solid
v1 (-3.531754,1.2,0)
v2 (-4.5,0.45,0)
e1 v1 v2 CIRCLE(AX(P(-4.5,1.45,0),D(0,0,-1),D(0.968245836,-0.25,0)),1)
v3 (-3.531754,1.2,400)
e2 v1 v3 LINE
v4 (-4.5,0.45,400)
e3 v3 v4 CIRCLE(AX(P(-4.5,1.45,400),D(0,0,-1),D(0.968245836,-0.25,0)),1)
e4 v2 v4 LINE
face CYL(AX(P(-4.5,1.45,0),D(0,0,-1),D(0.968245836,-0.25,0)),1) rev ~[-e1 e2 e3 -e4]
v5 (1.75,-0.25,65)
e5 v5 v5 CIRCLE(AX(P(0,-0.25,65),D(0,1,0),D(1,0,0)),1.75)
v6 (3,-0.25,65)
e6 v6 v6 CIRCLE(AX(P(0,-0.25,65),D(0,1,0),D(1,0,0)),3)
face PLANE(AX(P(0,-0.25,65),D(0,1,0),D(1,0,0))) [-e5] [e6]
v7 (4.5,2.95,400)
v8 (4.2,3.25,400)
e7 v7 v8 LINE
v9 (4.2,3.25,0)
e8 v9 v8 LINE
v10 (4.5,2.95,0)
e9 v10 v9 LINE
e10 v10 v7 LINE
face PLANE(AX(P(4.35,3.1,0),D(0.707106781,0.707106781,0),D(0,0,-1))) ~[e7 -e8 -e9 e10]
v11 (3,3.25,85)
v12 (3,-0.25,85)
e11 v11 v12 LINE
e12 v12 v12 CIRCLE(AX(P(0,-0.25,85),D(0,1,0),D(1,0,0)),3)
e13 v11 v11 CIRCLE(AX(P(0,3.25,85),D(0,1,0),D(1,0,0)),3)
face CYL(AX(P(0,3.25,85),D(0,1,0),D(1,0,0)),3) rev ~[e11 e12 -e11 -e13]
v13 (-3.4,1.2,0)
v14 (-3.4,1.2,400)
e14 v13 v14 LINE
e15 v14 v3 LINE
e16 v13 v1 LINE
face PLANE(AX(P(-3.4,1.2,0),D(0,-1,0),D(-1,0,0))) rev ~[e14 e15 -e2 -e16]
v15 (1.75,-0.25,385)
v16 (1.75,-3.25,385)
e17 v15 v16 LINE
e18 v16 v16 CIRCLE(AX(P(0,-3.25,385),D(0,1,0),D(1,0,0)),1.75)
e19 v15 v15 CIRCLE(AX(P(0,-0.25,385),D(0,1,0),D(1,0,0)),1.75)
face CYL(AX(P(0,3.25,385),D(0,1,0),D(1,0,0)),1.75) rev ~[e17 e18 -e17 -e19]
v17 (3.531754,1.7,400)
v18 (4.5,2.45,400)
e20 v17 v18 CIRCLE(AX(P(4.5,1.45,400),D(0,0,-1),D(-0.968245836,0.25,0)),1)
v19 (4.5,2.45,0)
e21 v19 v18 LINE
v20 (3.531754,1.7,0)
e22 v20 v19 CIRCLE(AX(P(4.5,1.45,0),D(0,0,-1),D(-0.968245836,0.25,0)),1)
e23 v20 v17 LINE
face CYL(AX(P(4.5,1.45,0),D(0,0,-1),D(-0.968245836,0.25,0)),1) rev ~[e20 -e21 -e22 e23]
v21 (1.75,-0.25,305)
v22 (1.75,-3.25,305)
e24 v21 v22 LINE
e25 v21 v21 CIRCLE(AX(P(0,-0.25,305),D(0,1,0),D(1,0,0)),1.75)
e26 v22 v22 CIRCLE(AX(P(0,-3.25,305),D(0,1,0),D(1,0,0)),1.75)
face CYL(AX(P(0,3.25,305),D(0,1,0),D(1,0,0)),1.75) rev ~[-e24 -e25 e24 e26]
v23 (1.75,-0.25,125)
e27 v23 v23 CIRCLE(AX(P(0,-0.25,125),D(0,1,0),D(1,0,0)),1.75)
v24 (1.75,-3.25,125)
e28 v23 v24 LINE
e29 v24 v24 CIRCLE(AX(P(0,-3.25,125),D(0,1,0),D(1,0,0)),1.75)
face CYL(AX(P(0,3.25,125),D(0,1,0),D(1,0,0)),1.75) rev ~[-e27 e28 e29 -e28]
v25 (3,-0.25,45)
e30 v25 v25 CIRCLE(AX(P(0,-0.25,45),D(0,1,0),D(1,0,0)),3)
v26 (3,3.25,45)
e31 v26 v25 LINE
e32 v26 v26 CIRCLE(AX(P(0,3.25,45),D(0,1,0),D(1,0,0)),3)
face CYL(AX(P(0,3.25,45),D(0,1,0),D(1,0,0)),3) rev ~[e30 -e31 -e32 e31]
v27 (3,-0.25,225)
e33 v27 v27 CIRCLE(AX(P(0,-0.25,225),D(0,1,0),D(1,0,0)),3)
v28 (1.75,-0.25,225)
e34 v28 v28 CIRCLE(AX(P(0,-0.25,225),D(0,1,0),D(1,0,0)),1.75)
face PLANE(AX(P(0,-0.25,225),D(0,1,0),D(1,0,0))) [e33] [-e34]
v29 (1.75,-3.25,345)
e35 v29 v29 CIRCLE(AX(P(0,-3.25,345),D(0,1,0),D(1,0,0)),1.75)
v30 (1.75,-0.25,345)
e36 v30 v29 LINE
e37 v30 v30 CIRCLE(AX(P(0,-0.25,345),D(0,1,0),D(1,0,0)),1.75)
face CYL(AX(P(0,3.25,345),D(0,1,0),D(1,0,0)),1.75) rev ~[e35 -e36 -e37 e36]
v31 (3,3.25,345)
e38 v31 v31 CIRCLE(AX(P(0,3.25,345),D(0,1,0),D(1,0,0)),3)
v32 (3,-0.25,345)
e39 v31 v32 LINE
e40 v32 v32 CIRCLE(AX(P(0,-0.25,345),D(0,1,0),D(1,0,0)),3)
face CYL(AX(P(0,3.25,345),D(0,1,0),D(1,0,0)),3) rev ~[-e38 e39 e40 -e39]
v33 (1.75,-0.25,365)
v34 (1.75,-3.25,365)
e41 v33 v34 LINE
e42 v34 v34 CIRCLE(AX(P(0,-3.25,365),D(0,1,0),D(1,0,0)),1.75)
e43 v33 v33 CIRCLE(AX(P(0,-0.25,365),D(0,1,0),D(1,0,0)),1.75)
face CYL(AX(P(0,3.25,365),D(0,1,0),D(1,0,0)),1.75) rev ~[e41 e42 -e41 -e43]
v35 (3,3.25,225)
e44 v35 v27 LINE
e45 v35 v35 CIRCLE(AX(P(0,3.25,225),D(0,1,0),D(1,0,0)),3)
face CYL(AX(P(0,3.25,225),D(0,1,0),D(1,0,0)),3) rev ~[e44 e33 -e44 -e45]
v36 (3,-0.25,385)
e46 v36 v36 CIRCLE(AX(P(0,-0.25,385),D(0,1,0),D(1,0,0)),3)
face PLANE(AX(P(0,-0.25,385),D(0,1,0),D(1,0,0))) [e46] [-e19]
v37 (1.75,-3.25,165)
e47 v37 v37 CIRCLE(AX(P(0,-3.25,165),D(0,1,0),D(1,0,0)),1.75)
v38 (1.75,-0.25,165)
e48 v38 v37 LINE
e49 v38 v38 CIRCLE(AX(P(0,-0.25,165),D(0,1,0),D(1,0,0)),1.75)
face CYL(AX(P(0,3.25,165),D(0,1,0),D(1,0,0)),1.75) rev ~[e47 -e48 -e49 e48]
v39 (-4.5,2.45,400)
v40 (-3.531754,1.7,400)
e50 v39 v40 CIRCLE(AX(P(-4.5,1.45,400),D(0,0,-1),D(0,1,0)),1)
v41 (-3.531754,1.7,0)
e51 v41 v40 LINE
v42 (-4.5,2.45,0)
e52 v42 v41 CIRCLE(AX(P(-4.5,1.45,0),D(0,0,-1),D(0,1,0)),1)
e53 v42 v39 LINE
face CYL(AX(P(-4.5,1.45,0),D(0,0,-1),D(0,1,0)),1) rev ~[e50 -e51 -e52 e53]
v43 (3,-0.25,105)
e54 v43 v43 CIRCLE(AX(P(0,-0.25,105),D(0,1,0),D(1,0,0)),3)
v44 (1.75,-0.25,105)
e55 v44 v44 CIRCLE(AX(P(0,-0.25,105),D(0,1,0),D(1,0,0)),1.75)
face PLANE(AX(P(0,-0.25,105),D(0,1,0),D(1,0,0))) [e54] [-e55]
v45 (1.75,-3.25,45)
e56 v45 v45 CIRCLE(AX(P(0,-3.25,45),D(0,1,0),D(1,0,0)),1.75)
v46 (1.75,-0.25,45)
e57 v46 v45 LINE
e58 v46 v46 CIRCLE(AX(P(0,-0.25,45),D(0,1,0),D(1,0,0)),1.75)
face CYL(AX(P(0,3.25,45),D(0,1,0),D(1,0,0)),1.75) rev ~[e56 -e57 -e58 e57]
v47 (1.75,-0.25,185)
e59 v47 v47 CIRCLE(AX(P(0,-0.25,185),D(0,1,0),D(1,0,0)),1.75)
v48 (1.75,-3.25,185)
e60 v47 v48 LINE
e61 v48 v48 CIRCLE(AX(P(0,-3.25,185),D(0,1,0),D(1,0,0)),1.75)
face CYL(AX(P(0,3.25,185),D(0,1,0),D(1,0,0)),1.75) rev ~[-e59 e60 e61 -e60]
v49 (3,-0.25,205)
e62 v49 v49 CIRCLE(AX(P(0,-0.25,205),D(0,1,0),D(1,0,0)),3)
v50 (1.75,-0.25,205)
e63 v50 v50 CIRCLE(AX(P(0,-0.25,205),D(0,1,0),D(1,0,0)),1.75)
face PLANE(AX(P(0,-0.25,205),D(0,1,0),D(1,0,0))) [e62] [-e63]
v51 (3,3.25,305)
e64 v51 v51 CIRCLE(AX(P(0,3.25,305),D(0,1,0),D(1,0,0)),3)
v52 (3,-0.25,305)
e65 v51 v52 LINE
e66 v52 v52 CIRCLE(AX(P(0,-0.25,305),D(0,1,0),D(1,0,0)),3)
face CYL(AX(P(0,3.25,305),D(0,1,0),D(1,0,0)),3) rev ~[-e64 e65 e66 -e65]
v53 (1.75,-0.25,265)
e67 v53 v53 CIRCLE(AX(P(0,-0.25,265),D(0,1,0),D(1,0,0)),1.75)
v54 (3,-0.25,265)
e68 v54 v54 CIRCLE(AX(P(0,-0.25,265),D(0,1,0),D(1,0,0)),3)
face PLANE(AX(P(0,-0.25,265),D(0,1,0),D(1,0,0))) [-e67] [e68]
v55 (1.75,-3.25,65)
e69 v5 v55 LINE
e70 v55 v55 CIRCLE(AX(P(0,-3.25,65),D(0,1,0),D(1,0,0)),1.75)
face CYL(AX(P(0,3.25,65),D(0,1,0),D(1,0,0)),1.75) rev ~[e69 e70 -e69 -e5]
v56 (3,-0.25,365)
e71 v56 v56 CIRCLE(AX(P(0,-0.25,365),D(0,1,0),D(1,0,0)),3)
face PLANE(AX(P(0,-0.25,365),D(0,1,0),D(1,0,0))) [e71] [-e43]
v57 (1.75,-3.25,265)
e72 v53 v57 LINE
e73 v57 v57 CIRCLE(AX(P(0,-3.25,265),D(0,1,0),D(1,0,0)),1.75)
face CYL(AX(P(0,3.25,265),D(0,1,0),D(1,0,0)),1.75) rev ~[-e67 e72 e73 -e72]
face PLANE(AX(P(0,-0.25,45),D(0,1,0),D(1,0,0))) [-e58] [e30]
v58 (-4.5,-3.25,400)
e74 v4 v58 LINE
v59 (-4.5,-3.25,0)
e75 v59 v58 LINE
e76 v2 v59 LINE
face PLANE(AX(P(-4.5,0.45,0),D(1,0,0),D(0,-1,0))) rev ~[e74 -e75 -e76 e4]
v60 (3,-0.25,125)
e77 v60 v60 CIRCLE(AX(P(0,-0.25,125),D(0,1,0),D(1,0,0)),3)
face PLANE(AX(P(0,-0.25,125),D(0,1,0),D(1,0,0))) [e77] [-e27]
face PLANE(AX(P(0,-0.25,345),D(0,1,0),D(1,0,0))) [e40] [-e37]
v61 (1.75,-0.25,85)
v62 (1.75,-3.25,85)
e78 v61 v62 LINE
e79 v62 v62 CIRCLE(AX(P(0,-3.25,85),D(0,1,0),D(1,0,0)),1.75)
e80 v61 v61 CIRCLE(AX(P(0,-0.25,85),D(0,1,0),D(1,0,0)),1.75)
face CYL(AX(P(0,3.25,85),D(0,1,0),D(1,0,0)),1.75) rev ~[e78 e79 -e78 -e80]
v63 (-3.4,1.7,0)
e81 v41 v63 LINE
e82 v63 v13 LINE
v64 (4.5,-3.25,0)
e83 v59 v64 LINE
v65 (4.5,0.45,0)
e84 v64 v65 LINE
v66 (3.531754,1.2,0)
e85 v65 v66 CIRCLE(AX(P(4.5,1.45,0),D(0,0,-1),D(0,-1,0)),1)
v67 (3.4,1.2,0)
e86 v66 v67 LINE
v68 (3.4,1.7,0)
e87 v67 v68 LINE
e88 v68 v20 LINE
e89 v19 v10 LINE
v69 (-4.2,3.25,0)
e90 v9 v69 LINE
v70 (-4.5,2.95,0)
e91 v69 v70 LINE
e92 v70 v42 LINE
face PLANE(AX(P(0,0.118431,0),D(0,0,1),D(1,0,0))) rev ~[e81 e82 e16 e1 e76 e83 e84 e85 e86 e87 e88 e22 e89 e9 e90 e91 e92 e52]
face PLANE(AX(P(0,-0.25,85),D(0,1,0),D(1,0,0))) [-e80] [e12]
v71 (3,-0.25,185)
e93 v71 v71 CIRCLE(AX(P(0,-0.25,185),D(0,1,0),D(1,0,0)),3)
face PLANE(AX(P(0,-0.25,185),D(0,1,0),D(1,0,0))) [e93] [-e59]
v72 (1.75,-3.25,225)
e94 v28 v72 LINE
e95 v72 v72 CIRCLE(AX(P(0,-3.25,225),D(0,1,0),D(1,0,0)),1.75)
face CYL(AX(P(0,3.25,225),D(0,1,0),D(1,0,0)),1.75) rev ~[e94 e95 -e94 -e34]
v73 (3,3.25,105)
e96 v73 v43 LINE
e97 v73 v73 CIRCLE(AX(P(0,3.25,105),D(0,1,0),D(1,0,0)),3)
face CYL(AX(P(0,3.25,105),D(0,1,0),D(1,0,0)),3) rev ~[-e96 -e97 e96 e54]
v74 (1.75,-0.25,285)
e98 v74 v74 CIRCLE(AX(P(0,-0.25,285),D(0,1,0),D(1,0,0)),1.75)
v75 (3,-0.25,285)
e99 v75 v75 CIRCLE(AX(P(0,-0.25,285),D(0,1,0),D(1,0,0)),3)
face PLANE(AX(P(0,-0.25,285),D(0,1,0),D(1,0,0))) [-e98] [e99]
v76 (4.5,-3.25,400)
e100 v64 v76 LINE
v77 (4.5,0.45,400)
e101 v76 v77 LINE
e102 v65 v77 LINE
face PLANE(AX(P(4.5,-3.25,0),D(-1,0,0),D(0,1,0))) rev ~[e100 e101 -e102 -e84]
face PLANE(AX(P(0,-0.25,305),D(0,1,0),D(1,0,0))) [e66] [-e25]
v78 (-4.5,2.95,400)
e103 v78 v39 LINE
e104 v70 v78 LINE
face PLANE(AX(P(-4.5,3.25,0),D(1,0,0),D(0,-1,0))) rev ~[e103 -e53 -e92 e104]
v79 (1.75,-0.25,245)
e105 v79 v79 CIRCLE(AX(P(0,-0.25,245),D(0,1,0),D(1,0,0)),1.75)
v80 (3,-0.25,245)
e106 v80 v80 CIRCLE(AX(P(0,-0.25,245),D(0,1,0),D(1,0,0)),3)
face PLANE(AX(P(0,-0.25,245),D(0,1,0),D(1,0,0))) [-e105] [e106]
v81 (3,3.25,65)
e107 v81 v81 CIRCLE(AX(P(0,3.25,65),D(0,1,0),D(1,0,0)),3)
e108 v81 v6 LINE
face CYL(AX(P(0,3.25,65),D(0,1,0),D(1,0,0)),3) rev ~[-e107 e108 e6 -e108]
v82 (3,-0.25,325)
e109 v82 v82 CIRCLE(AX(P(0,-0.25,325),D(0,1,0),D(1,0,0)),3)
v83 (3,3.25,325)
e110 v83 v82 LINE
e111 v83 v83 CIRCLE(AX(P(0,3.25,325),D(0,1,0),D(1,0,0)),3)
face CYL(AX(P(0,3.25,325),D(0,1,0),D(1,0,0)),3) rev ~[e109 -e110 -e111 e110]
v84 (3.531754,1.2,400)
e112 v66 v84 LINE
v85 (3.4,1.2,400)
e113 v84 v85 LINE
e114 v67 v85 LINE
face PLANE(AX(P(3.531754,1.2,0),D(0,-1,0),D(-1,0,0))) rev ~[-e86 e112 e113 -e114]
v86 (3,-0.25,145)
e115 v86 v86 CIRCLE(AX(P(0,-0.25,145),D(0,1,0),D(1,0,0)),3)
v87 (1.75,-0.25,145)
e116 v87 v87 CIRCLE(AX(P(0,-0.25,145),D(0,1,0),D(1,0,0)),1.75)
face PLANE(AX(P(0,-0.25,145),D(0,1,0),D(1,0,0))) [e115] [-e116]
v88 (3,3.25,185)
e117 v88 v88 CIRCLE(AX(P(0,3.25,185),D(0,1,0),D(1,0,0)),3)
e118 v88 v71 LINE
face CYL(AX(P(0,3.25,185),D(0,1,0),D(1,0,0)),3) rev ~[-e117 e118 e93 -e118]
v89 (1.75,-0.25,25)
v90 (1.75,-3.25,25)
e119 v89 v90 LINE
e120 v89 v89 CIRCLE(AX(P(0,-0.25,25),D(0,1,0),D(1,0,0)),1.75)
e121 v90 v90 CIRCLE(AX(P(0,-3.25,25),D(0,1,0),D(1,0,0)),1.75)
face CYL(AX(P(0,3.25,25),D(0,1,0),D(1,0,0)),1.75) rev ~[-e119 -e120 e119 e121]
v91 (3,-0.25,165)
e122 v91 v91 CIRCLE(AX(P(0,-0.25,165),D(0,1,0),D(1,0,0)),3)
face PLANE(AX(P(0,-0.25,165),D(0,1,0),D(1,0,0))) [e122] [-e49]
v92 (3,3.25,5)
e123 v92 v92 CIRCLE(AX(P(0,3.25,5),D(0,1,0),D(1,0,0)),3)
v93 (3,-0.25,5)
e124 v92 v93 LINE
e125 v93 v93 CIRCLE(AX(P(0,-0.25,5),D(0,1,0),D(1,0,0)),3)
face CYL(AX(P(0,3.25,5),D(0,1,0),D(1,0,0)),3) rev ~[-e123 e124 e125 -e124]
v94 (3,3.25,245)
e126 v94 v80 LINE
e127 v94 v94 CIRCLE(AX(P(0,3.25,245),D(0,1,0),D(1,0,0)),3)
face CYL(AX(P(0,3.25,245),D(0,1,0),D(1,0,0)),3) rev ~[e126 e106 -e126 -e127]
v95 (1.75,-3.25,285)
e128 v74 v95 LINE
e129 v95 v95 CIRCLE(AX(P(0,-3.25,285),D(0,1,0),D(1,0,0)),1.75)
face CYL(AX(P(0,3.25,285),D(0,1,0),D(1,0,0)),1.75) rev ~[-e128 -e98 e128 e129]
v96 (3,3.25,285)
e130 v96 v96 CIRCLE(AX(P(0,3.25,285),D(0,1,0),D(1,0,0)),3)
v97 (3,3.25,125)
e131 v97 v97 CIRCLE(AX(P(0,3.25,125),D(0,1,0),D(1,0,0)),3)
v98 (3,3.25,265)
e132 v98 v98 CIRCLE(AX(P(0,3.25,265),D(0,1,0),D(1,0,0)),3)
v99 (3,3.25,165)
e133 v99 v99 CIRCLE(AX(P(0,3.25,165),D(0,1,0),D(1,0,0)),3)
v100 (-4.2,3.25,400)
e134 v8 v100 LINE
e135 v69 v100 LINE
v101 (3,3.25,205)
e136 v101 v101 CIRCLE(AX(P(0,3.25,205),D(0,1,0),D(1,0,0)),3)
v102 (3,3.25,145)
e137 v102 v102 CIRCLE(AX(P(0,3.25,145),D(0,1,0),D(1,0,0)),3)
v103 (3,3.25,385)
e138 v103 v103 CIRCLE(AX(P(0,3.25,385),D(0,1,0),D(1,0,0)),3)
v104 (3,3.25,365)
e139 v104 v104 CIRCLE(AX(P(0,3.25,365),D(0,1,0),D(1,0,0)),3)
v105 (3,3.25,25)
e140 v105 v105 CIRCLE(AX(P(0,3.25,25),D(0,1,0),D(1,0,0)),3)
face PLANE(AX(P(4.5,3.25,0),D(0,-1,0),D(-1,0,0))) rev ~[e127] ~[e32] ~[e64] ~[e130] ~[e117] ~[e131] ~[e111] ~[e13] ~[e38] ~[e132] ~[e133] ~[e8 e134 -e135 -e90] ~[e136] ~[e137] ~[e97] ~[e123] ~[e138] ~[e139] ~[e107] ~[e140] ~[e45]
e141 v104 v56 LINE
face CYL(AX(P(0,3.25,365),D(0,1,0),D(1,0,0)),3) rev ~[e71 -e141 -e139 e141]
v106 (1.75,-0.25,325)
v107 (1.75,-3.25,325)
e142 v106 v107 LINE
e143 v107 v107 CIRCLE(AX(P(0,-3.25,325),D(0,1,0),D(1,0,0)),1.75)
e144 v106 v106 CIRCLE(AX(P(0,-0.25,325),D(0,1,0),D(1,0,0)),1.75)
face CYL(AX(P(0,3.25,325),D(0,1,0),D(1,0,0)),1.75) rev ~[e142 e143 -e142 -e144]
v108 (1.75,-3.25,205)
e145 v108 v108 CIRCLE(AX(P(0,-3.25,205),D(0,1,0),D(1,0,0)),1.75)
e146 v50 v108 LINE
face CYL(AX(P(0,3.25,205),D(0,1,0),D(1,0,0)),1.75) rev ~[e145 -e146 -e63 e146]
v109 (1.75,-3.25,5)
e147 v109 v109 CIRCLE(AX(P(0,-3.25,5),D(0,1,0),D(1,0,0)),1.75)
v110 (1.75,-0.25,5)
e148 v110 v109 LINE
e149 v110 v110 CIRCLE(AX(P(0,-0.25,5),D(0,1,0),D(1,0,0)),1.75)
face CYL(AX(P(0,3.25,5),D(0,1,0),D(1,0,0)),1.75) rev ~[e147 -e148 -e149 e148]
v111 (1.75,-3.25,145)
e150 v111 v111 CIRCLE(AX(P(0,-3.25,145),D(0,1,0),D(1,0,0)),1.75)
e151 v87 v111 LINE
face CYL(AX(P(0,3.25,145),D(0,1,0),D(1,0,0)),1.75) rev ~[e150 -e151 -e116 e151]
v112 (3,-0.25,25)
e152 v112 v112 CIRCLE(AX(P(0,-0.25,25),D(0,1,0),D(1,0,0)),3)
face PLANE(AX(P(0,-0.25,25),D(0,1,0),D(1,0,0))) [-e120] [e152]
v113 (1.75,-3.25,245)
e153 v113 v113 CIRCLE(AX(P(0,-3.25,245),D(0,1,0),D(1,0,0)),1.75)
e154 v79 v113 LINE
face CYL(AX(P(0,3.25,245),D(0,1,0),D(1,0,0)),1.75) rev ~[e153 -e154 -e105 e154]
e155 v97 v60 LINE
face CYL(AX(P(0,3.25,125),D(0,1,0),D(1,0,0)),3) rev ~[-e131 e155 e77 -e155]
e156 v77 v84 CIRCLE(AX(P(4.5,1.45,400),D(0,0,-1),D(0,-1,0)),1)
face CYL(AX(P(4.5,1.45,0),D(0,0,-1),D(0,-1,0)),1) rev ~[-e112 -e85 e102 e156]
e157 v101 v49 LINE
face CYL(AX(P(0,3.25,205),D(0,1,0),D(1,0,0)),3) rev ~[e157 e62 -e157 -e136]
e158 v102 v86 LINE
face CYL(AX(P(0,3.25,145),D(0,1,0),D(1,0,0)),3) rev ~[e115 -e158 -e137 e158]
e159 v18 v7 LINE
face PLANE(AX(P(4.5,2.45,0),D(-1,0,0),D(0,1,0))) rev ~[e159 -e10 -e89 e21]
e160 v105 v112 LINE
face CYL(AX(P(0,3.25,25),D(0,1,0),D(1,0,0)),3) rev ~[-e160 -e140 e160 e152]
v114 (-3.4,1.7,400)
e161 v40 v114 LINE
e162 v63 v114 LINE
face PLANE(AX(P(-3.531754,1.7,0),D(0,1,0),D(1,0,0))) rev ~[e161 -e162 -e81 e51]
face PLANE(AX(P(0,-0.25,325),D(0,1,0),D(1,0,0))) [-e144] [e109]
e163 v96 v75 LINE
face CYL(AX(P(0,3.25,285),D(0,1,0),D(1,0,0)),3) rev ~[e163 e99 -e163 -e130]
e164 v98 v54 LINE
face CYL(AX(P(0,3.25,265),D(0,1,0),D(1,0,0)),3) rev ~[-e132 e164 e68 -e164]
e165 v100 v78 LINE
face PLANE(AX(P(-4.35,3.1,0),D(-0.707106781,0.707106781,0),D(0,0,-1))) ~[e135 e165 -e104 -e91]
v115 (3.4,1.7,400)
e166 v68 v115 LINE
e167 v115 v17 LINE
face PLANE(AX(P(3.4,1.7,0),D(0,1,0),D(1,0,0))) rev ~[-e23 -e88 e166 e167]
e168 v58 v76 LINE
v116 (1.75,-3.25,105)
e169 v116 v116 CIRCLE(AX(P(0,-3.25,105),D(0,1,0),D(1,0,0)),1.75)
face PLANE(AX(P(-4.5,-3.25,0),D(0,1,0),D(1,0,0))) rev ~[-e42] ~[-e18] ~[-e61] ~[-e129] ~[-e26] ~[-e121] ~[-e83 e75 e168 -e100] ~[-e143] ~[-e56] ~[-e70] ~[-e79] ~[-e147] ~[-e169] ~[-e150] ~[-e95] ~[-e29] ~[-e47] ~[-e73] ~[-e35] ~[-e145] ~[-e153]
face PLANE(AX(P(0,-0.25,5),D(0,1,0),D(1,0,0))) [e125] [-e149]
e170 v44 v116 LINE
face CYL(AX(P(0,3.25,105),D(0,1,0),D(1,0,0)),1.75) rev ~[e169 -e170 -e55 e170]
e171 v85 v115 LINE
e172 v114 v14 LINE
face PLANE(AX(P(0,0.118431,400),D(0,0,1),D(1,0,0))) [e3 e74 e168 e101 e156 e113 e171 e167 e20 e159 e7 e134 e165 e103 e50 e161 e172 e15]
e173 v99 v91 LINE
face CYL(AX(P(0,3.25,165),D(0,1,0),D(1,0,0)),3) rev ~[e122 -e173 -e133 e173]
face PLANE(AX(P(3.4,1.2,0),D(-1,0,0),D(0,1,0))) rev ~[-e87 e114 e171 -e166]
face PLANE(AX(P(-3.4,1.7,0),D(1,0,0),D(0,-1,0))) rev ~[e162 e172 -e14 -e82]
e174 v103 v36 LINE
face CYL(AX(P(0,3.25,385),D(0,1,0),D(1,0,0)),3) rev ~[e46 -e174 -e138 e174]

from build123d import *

# Parameters (mm, degrees)
EXTRUDE1_DEPTH  = 400
SKETCH2_R       = 3
EXTRUDE2_DEPTH  = 3.5
SKETCH_R        = 1.75
EXTRUDE3_DEPTH  = 7.5
LPATTERN1_COUNT = 40
LPATTERN1_PITCH = 20
CHAMFER1_SIZE   = 0.3


with BuildPart() as part:
    # Sketch1 → Extrude1 (new body)
    with BuildSketch(Plane.XY):
        with BuildLine():
            Line((-4.5, -3.25), (4.5, -3.25))
            Line((4.5, -3.25), (4.5, 0.45))
            ThreePointArc((4.5, 0.45), (3.887627564, 0.659430585), (3.531754163, 1.2))
            Line((3.531754163, 1.2), (3.4, 1.2))
            Line((3.4, 1.2), (3.4, 1.7))
            Line((3.4, 1.7), (3.531754163, 1.7))
            ThreePointArc((3.531754163, 1.7), (3.887627564, 2.240569415), (4.5, 2.45))
            Line((4.5, 2.45), (4.5, 3.25))
            Line((4.5, 3.25), (-4.5, 3.25))
            Line((-4.5, 3.25), (-4.5, 2.45))
            ThreePointArc((-4.5, 2.45), (-3.887627564, 2.240569415), (-3.531754163, 1.7))
            Line((-3.531754163, 1.7), (-3.4, 1.7))
            Line((-3.4, 1.7), (-3.4, 1.2))
            Line((-3.4, 1.2), (-3.531754163, 1.2))
            ThreePointArc((-3.531754163, 1.2), (-3.887627564, 0.659430585), (-4.5, 0.45))
            Line((-4.5, 0.45), (-4.5, -3.25))
        make_face()
    extrude(amount=EXTRUDE1_DEPTH)

    # Sketch2 → Extrude2 (cut)
    with BuildSketch(Plane(origin=(0, 3.25, 0), x_dir=(1, 0, 0), z_dir=(0, 1, 0))):
        with Locations((0, -5)):
            Circle(SKETCH2_R)
    extrude2 = extrude(amount=-EXTRUDE2_DEPTH, mode=Mode.SUBTRACT)

    # Sketch → Extrude3 (cut, through all)
    with BuildSketch(Plane(origin=(0, 3.25, 0), x_dir=(1, 0, 0), z_dir=(0, 1, 0))):
        with Locations((0, -5)):
            Circle(SKETCH_R)
    extrude3 = extrude(amount=-EXTRUDE3_DEPTH, mode=Mode.SUBTRACT)

    # LPattern1: Extrude2, Extrude3 ×40
    with Locations(*[(0, 0, i * LPATTERN1_PITCH) for i in range(1, LPATTERN1_COUNT)]):
        add(extrude2, mode=Mode.SUBTRACT)
        add(extrude3, mode=Mode.SUBTRACT)

    # Chamfer1
    chamfer1_edges = [part.edges().sort_by_distance(p)[0] for p in [
        (-4.5, 3.25, 200),
        (4.5, 3.25, 200),
    ]]
    chamfer(chamfer1_edges, length=CHAMFER1_SIZE)


solid = part.part
